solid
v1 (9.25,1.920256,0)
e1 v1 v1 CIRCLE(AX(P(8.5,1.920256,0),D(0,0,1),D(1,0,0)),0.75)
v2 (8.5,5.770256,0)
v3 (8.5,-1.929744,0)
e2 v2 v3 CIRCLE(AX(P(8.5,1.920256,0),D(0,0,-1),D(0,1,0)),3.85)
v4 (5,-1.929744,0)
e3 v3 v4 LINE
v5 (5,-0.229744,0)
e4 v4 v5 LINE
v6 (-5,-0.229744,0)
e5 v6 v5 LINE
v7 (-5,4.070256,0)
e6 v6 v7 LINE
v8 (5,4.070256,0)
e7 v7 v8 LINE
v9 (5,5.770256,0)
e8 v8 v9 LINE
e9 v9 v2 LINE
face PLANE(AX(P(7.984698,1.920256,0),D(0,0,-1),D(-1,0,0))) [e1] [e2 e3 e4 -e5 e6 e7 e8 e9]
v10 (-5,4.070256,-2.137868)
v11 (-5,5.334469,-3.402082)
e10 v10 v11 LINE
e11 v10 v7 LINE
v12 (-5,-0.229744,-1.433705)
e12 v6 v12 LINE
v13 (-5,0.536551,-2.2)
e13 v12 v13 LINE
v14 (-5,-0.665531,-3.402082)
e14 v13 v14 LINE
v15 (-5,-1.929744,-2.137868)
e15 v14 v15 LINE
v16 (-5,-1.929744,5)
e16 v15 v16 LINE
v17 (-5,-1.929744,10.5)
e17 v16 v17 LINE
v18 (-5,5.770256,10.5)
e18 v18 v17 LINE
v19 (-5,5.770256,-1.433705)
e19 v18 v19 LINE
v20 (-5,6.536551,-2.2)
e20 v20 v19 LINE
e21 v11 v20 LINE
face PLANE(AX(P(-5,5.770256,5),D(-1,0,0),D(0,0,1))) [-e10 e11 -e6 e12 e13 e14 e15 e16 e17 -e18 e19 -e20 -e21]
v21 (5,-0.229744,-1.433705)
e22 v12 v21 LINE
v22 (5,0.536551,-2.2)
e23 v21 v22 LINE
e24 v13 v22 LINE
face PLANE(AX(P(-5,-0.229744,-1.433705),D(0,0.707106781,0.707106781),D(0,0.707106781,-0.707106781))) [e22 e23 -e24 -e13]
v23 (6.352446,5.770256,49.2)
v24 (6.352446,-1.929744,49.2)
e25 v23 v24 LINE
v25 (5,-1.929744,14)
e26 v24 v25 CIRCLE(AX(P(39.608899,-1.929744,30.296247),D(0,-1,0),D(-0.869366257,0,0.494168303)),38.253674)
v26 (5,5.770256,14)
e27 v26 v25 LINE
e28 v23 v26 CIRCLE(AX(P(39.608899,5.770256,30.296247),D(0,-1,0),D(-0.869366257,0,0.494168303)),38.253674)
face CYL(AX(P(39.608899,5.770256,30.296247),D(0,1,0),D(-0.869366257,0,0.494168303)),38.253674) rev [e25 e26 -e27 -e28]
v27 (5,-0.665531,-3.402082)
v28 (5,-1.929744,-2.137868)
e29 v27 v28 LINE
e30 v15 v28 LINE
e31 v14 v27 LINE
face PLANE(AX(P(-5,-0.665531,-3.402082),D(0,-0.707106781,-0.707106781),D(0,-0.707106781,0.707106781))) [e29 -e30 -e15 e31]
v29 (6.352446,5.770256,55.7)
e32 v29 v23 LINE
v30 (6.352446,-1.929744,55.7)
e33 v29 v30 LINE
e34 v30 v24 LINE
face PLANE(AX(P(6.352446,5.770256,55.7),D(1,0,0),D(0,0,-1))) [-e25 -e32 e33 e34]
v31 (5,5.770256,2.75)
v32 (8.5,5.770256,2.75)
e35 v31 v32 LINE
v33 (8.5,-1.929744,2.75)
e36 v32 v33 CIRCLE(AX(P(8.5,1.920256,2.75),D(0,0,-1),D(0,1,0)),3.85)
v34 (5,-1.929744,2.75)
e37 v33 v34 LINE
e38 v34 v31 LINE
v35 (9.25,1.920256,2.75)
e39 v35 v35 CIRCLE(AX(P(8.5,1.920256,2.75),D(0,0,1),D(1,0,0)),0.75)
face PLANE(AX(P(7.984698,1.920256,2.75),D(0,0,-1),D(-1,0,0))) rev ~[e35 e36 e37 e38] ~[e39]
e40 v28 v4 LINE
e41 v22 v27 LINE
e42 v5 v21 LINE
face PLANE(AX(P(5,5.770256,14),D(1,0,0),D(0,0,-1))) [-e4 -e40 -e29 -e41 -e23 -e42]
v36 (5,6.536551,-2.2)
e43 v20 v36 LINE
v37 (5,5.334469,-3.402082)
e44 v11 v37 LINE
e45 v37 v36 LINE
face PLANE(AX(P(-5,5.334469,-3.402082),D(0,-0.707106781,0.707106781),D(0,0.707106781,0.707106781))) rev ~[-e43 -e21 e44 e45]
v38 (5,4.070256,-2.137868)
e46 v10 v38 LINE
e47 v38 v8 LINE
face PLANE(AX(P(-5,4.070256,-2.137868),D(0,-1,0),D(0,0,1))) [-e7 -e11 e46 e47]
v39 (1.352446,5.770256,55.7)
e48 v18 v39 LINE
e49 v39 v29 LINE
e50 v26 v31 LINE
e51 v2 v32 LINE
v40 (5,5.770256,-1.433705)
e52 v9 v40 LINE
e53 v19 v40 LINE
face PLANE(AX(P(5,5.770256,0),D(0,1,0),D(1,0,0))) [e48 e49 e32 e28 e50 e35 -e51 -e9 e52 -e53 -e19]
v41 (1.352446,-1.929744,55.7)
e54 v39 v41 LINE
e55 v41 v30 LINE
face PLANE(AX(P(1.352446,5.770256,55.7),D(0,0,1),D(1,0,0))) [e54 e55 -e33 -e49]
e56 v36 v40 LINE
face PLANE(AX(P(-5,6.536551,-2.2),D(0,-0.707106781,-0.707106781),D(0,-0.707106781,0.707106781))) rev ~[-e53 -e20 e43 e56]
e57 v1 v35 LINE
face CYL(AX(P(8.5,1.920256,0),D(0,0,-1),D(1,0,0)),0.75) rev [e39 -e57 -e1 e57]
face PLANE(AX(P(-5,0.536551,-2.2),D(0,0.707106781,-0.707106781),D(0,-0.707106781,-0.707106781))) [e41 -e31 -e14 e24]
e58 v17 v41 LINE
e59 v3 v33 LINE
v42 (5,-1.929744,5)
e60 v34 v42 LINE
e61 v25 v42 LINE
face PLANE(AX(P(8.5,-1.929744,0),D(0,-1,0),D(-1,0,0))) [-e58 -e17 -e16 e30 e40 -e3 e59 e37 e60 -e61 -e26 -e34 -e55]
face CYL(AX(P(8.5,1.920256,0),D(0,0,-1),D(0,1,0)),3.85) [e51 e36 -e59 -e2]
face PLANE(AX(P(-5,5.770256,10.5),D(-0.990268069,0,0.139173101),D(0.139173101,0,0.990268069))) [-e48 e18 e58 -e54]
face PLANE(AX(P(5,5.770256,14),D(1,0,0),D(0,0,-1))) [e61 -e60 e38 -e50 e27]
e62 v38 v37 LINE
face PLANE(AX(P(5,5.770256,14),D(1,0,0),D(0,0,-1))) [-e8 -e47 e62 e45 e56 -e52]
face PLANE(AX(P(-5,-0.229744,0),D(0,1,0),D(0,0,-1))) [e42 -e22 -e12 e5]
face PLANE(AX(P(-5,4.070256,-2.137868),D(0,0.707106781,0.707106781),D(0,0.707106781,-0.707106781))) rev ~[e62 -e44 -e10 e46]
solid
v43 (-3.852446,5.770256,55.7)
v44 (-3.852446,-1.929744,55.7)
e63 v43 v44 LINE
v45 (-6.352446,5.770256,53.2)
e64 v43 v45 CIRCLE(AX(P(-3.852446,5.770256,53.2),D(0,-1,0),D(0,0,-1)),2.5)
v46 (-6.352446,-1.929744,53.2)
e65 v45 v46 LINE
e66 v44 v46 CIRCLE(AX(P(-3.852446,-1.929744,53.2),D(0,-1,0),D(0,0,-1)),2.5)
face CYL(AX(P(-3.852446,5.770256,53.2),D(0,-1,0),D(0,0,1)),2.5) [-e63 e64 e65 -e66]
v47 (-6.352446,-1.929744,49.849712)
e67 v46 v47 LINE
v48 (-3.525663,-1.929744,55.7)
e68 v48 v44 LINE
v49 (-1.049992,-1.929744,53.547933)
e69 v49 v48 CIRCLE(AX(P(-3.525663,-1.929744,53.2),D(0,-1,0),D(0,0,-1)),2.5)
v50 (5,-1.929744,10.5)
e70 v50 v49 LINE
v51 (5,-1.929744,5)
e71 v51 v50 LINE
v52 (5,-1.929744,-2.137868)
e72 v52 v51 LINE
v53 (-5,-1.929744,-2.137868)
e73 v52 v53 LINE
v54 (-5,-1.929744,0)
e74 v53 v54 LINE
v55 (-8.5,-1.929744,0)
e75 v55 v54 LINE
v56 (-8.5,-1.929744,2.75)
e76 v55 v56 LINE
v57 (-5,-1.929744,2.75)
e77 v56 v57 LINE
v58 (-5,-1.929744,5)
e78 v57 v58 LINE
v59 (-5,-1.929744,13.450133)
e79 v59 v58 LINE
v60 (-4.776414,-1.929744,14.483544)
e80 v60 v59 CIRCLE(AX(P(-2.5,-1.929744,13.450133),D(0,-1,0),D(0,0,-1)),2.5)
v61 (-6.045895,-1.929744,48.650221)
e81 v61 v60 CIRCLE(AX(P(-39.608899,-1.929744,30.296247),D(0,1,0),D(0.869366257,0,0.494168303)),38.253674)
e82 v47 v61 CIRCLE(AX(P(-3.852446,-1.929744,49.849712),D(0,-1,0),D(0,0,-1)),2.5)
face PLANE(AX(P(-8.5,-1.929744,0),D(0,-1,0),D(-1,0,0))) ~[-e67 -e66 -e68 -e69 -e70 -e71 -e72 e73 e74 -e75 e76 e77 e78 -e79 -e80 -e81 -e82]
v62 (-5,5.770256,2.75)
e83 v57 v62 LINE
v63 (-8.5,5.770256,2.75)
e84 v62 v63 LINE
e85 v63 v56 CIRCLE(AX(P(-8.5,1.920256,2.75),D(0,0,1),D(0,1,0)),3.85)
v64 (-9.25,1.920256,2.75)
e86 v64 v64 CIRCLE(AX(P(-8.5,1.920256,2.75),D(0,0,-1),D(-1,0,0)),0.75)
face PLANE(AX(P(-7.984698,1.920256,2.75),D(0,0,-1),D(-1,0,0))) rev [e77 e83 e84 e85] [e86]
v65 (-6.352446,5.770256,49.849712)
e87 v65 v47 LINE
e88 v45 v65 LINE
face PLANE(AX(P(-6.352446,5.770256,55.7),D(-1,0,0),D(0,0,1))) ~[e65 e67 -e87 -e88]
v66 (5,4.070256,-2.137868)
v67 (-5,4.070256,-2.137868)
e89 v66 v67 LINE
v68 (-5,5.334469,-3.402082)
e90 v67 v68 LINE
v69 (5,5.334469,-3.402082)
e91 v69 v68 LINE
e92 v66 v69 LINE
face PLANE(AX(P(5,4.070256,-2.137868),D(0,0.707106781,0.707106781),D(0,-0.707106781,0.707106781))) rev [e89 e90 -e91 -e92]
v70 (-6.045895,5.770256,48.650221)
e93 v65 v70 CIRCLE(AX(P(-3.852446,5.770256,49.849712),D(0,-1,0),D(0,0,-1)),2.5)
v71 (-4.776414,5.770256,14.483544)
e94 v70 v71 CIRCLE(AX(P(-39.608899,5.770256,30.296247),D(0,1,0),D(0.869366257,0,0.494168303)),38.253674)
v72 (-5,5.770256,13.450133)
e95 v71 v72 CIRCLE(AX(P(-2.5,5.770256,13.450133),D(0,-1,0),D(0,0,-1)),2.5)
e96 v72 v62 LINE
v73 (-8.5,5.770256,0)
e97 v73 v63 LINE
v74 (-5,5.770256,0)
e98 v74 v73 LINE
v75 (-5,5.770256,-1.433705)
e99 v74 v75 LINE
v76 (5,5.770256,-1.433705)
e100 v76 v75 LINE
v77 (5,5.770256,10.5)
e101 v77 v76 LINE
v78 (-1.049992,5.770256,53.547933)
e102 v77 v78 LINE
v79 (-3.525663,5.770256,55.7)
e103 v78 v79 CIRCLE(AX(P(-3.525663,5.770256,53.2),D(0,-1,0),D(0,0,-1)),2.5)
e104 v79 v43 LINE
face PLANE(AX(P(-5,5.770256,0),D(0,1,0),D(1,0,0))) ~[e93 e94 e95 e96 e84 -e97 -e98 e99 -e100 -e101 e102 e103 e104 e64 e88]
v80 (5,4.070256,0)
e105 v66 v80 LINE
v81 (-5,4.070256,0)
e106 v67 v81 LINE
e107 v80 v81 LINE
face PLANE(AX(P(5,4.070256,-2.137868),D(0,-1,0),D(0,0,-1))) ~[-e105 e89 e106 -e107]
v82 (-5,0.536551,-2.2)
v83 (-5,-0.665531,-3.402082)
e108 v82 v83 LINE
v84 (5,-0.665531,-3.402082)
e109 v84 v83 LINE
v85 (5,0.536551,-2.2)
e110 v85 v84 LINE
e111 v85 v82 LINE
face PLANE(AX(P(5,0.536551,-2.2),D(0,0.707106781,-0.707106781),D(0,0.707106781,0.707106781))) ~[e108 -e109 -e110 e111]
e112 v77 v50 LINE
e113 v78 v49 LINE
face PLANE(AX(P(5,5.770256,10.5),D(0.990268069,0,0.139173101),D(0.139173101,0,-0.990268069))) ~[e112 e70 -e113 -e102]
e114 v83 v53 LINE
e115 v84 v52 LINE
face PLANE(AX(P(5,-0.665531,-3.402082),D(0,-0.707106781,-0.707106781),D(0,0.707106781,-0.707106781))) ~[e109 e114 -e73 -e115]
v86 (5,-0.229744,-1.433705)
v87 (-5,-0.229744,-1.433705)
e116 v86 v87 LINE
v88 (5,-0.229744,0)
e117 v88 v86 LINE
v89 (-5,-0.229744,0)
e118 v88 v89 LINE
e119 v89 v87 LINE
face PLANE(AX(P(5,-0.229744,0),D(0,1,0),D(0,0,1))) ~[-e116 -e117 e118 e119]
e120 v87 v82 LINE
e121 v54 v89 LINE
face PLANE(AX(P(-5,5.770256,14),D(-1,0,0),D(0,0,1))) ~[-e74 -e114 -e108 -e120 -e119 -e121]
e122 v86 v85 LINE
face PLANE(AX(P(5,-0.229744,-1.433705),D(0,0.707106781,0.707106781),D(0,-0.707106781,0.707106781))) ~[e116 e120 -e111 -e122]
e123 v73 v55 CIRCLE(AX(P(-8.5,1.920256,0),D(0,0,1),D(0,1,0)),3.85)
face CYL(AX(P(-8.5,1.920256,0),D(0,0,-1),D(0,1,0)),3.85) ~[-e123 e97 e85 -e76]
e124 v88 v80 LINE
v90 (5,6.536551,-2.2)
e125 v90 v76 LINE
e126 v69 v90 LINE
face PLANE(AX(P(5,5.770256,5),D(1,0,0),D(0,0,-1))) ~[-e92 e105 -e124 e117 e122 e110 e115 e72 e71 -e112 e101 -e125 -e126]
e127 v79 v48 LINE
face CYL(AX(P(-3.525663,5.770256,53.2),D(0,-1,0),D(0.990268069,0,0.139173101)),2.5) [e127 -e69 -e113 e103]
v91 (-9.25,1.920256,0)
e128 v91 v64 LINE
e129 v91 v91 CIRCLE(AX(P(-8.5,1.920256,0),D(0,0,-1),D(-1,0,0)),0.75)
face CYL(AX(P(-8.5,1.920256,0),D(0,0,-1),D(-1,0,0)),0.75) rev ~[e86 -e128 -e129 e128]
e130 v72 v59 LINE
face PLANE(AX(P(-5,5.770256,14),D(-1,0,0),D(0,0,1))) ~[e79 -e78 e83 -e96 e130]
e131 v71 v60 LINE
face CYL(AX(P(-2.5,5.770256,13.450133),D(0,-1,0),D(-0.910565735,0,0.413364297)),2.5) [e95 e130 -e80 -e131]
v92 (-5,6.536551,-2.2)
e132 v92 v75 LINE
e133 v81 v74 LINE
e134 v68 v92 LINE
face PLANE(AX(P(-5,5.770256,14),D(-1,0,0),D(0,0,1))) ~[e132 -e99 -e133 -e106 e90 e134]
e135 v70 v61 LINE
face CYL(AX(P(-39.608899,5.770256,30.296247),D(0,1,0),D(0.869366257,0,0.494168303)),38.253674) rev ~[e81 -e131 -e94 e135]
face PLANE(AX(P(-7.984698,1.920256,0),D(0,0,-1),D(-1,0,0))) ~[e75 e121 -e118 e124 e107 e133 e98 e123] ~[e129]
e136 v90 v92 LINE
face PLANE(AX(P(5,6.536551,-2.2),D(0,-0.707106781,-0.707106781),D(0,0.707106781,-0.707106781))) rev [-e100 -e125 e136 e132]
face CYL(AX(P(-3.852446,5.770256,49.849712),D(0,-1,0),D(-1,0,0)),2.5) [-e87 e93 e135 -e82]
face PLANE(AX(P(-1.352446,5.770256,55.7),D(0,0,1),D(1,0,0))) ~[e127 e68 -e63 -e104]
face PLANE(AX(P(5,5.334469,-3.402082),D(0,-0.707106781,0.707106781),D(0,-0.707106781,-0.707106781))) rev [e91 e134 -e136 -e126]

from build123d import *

# Parameters (mm, degrees)
SKETCH2_W           = 10
SKETCH2_H           = 14.768412439
BOSS_EXTRUDE1_DEPTH = 5
BOSS_EXTRUDE4_DEPTH = 10
SKETCH9_W           = 10
SKETCH9_H           = 3.18
SKETCH9_H_2         = 3.888412439
CUT_EXTRUDE3_DEPTH  = 5
BOSS_EXTRUDE5_DEPTH = 7.7
SKETCH12_R          = 0.75
BOSS_EXTRUDE7_DEPTH = 2.75
FILLET1_R           = 2.5


with BuildPart() as part:
    # Sketch2 → Boss-Extrude1 (new body)
    with BuildSketch(Plane.XY):
        with Locations((0, 1.566049366)):
            Rectangle(SKETCH2_W, SKETCH2_H)
    extrude(amount=BOSS_EXTRUDE1_DEPTH)

    # Sketch8 → Boss-Extrude4 (add)
    with BuildSketch(Plane.ZY.offset(5)):
        Polygon((-0.15, 5.770255585), (0, 5.770255585), (0, 4.070255585), (-0.15, 4.070255585), (-2.137867966, 4.070255585), (-3.402081528, 5.334469147), (-2.2, 6.536550675), (-1.43370491, 5.770255585), align=None)
        Polygon((-0.15, -1.929744415), (0, -1.929744415), (0, -0.229744415), (-0.15, -0.229744415), (-1.43370491, -0.229744415), (-2.2, 0.536550675), (-3.402081528, -0.665530853), (-2.137867966, -1.929744415), align=None)
    extrude(amount=-BOSS_EXTRUDE4_DEPTH)

    # Sketch9 → Cut-Extrude3 (cut)
    with BuildSketch(Plane(origin=(0, 0, 0), x_dir=(-1, 0, 0), z_dir=(0, 0, -1))):
        with Locations((0, 7.360255585)):
            Rectangle(SKETCH9_W, SKETCH9_H)
        with Locations((0, -3.873950635)):
            Rectangle(SKETCH9_W, SKETCH9_H_2)
    extrude(amount=-CUT_EXTRUDE3_DEPTH, mode=Mode.SUBTRACT)

    # Sketch10 → Boss-Extrude5 (add)
    with BuildSketch(Plane(origin=(0, 5.770255585, 0), x_dir=(1, 0, 0), z_dir=(0, 1, 0))):
        with BuildLine():
            Line((-5, -5), (-5, -10.5))
            Line((-5, -10.5), (1.352445729, -55.7))
            Line((1.352445729, -55.7), (6.352445729, -55.7))
            Line((6.352445729, -55.7), (6.352445729, -49.2))
            ThreePointArc((6.352445729, -49.2), (1.383429579, -31.764936646), (5, -14))
            Line((5, -14), (5, -5))
            Line((5, -5), (-5, -5))
        make_face()
    extrude(amount=-BOSS_EXTRUDE5_DEPTH)

    # Sketch12 → Boss-Extrude7 (add)
    with BuildSketch(Plane.XY):
        with BuildLine():
            Line((5, 5.770255585), (8.5, 5.770255585))
            ThreePointArc((8.5, 5.770255585), (12.35, 1.920255585), (8.5, -1.929744415))
            Line((8.5, -1.929744415), (5, -1.929744415))
            Line((5, -1.929744415), (5, 5.770255585))
        make_face()
        with Locations((8.5, 1.920255585)):
            Circle(SKETCH12_R, mode=Mode.SUBTRACT)
    extrude(amount=BOSS_EXTRUDE7_DEPTH)


with BuildPart() as body_2:
    # Mirror1: mirrored copy
    add(part.part.mirror(Plane(origin=(0, 0, 0), x_dir=(0, 0, 1), z_dir=(1, 0, 0))))

    # Fillet1
    fillet1_edges = [body_2.edges().sort_by_distance(p)[0] for p in [
        (-6.352445729, 1.920255585, 49.2),
        (-5, 1.920255585, 14),
        (-1.352445729, 1.920255585, 55.7),
        (-6.352445729, 1.920255585, 55.7),
    ]]
    fillet(fillet1_edges, radius=FILLET1_R)


solid = Compound([part.part, body_2.part])
